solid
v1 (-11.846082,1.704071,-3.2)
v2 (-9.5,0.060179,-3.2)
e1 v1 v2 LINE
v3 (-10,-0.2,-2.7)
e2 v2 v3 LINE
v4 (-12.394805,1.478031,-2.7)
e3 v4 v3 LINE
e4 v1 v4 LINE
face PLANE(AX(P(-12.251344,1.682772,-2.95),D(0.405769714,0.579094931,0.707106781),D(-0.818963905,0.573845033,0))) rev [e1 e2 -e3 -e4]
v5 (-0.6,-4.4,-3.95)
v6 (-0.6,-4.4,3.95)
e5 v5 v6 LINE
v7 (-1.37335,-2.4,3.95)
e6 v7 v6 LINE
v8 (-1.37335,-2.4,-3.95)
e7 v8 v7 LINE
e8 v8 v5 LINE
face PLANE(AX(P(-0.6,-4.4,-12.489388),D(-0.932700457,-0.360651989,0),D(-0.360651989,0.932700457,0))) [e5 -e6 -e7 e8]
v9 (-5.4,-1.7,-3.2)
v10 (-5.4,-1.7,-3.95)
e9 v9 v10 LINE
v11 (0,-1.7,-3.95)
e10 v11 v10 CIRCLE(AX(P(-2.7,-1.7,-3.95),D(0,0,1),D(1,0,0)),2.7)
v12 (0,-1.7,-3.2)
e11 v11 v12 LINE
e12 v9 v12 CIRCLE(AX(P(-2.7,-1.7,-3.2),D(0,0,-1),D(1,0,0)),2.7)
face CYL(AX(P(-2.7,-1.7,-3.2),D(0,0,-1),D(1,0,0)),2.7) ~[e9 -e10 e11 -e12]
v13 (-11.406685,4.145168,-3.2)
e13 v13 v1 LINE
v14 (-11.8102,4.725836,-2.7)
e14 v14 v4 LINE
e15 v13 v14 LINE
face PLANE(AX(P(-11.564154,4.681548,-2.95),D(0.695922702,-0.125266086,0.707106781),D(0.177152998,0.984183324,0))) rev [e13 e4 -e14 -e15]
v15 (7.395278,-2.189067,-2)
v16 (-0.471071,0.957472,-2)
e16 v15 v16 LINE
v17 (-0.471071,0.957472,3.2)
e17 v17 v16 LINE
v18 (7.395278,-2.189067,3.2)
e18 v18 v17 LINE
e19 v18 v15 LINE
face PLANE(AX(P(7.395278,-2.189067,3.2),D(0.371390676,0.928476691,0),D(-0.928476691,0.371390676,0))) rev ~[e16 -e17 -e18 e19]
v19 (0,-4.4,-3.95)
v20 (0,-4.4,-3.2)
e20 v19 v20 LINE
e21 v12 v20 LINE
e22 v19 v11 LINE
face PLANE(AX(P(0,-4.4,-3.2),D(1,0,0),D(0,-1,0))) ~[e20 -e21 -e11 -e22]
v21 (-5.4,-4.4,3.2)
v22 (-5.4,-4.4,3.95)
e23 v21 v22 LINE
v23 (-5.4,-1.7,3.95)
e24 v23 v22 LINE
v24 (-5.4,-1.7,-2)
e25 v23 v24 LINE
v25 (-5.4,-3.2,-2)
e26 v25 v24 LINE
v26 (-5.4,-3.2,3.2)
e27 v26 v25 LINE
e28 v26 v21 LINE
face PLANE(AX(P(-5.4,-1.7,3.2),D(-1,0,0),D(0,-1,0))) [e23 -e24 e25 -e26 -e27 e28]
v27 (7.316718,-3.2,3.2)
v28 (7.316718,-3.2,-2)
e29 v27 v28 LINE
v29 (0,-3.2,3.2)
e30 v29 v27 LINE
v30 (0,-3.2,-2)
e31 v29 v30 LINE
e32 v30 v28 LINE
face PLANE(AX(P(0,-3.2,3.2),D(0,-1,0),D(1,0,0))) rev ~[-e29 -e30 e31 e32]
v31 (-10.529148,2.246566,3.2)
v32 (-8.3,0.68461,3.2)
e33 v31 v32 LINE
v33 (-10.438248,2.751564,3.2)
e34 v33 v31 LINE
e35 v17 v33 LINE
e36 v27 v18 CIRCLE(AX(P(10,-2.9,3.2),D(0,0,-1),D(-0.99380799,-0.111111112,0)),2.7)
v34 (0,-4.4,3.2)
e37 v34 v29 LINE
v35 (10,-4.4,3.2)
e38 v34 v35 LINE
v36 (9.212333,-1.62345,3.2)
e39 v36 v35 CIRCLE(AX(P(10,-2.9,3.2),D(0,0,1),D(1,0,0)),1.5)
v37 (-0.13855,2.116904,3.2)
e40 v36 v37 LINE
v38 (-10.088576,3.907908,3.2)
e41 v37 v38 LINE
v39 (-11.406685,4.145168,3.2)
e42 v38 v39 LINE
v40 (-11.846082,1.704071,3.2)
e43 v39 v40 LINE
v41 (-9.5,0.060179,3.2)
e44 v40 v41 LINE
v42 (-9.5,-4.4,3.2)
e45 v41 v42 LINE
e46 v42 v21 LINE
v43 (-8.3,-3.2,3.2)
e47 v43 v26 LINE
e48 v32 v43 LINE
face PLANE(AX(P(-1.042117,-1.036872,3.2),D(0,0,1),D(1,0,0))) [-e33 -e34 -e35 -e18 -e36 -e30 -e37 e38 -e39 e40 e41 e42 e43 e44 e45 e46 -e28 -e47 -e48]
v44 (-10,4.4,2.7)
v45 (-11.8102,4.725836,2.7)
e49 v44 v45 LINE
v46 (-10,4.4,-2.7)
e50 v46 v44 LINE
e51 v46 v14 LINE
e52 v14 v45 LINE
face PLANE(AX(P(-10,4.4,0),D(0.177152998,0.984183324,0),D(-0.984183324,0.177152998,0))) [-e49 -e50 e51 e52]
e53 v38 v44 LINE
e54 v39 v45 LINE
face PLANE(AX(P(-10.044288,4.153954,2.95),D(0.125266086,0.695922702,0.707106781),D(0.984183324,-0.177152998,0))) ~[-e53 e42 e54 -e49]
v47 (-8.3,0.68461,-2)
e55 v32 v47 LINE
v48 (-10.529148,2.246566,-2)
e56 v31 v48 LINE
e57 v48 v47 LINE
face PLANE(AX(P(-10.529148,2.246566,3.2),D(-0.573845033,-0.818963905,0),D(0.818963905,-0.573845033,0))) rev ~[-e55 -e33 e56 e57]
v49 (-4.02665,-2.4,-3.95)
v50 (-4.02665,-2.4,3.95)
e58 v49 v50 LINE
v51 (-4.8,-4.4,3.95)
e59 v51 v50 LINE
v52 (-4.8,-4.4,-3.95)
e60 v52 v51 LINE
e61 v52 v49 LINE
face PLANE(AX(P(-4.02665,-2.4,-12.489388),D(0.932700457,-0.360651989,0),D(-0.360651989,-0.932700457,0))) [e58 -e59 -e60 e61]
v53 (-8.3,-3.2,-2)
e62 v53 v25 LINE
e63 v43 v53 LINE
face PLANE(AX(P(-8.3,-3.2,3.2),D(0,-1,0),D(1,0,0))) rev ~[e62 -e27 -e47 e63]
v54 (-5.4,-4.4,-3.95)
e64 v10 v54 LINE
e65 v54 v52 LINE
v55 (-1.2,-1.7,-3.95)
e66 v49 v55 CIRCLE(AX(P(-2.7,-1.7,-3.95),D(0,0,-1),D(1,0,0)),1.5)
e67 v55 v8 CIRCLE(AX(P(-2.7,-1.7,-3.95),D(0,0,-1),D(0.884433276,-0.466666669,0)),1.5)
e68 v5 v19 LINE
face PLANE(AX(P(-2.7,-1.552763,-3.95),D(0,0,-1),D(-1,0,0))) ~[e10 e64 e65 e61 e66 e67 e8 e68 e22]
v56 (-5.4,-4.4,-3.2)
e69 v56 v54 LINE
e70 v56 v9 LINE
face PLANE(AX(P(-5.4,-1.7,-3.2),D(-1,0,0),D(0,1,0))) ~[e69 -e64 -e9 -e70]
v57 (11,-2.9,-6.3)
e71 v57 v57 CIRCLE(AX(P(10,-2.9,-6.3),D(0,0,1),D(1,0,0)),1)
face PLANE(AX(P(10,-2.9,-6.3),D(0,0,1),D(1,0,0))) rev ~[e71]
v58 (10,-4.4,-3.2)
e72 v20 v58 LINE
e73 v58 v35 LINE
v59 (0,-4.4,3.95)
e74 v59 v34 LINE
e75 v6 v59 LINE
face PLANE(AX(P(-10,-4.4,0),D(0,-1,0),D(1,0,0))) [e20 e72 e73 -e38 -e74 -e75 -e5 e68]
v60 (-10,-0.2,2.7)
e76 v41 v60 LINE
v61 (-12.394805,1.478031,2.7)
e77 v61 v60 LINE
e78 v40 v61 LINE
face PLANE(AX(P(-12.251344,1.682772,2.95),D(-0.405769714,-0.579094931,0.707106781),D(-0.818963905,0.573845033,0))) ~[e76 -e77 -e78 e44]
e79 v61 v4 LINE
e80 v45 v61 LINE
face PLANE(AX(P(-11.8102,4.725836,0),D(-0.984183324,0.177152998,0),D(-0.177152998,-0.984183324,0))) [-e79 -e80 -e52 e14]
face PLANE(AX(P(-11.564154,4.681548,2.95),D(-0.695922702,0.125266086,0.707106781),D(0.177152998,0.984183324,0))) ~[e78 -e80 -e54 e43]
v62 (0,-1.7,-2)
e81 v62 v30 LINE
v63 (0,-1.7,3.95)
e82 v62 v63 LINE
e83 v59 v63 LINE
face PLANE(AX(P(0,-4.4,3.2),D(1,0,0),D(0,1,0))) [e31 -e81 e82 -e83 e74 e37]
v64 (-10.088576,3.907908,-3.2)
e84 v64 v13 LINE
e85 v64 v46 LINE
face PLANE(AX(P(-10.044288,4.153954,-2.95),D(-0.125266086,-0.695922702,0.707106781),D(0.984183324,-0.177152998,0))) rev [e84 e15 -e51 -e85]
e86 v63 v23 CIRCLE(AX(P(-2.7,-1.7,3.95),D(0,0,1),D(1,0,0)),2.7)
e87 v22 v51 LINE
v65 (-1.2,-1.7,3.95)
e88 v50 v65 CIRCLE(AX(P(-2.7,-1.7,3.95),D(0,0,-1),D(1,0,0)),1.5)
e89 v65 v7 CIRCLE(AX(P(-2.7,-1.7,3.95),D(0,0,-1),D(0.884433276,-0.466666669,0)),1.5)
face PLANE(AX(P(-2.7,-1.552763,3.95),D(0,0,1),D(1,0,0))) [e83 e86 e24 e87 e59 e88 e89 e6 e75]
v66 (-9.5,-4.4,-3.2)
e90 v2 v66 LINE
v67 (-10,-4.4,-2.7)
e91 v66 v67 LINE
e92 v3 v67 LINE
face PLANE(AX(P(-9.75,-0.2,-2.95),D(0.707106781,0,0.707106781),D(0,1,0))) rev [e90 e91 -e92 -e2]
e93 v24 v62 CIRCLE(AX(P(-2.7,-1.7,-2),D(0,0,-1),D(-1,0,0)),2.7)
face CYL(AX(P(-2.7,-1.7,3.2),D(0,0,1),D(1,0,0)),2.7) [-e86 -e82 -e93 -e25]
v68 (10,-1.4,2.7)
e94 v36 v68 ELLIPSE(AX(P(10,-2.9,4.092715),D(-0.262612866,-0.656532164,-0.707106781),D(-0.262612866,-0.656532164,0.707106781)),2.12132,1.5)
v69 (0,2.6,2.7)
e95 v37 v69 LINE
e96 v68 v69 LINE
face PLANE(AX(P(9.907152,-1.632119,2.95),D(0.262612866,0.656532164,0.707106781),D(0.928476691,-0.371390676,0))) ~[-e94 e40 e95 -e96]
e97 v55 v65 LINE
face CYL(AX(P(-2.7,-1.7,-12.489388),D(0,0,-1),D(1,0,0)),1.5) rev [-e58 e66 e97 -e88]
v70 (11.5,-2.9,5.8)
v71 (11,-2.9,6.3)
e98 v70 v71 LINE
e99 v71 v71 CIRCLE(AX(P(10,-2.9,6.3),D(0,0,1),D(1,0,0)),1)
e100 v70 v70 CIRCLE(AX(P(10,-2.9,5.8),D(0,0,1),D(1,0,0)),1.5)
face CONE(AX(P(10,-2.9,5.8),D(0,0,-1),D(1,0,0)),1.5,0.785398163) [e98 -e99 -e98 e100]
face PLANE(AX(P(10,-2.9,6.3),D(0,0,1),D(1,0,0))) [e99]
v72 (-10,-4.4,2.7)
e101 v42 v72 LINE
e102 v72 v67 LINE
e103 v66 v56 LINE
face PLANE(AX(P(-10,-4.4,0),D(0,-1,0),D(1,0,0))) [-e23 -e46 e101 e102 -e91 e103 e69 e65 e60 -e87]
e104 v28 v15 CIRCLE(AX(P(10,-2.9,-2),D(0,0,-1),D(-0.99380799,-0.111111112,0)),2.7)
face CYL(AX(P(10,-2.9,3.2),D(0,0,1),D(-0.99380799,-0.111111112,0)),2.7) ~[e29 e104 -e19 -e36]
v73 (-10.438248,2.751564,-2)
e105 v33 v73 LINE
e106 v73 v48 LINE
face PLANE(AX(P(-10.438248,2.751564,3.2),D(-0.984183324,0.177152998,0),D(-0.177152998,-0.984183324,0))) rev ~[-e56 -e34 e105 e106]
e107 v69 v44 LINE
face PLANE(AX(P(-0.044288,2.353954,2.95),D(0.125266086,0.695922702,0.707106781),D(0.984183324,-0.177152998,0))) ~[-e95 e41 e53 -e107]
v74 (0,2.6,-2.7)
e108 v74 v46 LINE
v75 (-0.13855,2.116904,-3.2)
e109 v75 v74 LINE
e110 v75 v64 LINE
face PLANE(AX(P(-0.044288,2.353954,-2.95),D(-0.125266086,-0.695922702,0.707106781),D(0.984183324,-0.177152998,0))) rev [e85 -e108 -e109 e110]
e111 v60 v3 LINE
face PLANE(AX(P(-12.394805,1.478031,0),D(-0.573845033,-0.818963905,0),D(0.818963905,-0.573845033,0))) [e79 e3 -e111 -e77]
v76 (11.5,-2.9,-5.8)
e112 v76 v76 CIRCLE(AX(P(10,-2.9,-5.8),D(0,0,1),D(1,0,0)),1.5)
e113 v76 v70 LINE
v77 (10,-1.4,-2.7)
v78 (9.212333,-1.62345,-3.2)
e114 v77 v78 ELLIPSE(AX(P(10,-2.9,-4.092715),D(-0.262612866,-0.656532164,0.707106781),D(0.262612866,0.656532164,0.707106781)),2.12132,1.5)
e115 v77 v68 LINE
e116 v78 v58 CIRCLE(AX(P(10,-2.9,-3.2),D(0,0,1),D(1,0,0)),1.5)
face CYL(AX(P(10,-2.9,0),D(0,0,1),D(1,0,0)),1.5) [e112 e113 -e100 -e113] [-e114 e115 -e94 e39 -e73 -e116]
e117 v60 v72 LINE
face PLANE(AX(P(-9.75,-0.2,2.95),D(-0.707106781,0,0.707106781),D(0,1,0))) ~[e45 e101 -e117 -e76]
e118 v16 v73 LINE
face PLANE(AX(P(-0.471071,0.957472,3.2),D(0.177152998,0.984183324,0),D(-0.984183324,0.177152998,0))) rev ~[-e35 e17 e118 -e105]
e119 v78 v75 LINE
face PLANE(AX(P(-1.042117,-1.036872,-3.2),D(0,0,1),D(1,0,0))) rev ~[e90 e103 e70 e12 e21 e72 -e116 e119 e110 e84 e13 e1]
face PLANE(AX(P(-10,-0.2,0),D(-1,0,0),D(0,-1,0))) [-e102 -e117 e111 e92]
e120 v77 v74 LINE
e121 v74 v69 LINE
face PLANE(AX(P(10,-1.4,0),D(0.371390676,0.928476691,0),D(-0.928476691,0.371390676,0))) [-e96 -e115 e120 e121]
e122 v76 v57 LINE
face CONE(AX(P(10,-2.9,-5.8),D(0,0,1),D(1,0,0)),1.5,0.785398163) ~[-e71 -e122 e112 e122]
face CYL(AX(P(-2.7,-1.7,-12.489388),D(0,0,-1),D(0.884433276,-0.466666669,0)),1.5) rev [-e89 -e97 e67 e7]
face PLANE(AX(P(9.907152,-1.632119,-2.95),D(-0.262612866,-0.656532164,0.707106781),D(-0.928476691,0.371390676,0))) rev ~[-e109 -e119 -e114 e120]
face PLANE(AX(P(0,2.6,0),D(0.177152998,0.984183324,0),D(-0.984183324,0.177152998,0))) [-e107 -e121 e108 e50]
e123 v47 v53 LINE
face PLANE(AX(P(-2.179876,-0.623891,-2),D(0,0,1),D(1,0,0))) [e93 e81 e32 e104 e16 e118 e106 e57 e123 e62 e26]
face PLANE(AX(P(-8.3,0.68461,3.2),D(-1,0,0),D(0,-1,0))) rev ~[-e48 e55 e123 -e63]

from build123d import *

# Parameters (mm, degrees)
BOSS_EXTRUDE1_DEPTH     = 3.2
BOSS_EXTRUDE2_DEPTH     = 0.75
CUT_EXTRUDE1_DEPTH      = 16.439388307
CUT_EXTRUDE1_DEPTH_BACK = 16.439388307
SKETCH4_R               = 1.5
BOSS_EXTRUDE3_DEPTH     = 6.3
CHAMFER1_SIZE           = 0.5
CHAMFER2_SIZE           = 0.5
CUT_EXTRUDE2_DEPTH      = 5.2


with BuildPart() as part:
    # Sketch1 → Boss-Extrude1 (new, symmetric)
    with BuildSketch(Plane.XY):
        Polygon((-10, -4.4), (10, -4.4), (10, -1.4), (0, 2.6), (-10, 4.4), (-10, -0.2), align=None)
        Polygon((-12.394804782, 1.478031011), (-10, -0.2), (-10, 4.4), (-11.810199888, 4.72583598), align=None)
    extrude(amount=BOSS_EXTRUDE1_DEPTH, both=True)

    # Sketch2 → Boss-Extrude2 (add, symmetric)
    with BuildSketch(Plane.XY.offset(3.2)):
        with BuildLine():
            ThreePointArc((0, -1.7), (-2.7, 1), (-5.4, -1.7))
            Line((-5.4, -1.7), (-2.7, -4.4))
            Line((-2.7, -4.4), (0, -1.7))
        make_face()
        with BuildLine():
            Line((-2.7, -4.4), (-5.4, -1.7))
            ThreePointArc((-5.4, -1.7), (-4.609188309, -3.609188309), (-2.7, -4.4))
        make_face()
        with BuildLine():
            Line((0, -1.7), (-2.7, -4.4))
            ThreePointArc((-2.7, -4.4), (-0.790811691, -3.609188309), (0, -1.7))
        make_face()
        with BuildLine():
            ThreePointArc((0, -1.7), (-0.790811691, -3.609188309), (-2.7, -4.4))
            Line((-2.7, -4.4), (0, -4.4))
            Line((0, -4.4), (0, -1.7))
        make_face()
        with BuildLine():
            ThreePointArc((-2.7, -4.4), (-4.609188309, -3.609188309), (-5.4, -1.7))
            Line((-5.4, -1.7), (-5.4, -4.4))
            Line((-5.4, -4.4), (-2.7, -4.4))
        make_face()
    boss_extrude2 = extrude(amount=BOSS_EXTRUDE2_DEPTH, both=True)

    # Mirror1: Boss-Extrude2 across plane
    add(boss_extrude2.mirror(Plane.XY))

    # Sketch3 → Cut-Extrude1 (cut, two sides: drawn at the far end of the back side and taken through both)
    with BuildSketch(Plane.XY.offset(3.95).offset(-CUT_EXTRUDE1_DEPTH_BACK)):
        with BuildLine():
            ThreePointArc((-1.2, -1.7), (-3.060572549, -0.243982336), (-4.026649916, -2.4))
            Line((-4.026649916, -2.4), (-1.373350084, -2.4))
            ThreePointArc((-1.373350084, -2.4), (-1.243982336, -2.060572549), (-1.2, -1.7))
        make_face()
        with BuildLine():
            Line((-1.373350084, -2.4), (-4.026649916, -2.4))
            ThreePointArc((-4.026649916, -2.4), (-2.7, -3.2), (-1.373350084, -2.4))
        make_face()
        with BuildLine():
            Line((-4.026649916, -2.4), (-4.8, -4.4))
            Line((-4.8, -4.4), (-0.6, -4.4))
            Line((-0.6, -4.4), (-1.373350084, -2.4))
            ThreePointArc((-1.373350084, -2.4), (-2.7, -3.2), (-4.026649916, -2.4))
        make_face()
    extrude(amount=CUT_EXTRUDE1_DEPTH + CUT_EXTRUDE1_DEPTH_BACK, mode=Mode.SUBTRACT)

    # Sketch4 → Boss-Extrude3 (add, symmetric)
    with BuildSketch(Plane.XY):
        with Locations((10, -2.9)):
            Circle(SKETCH4_R)
    extrude(amount=BOSS_EXTRUDE3_DEPTH, both=True)

    # Chamfer1
    chamfer1_edges = [part.edges().sort_by_distance(p)[0] for p in [
        (8.5, -2.9, -6.3),
        (8.5, -2.9, 6.3),
    ]]
    chamfer(chamfer1_edges, length=CHAMFER1_SIZE)

    # Chamfer2
    chamfer2_edges = [part.edges().sort_by_distance(p)[0] for p in [
        (-5.905099944, 3.66291799, 3.2),
        (-11.197402391, 0.639015505, -3.2),
        (-12.102502335, 3.101933495, -3.2),
        (-5.905099944, 3.66291799, -3.2),
        (5, 0.6, -3.2),
        (-12.102502335, 3.101933495, 3.2),
        (-11.197402391, 0.639015505, 3.2),
        (-10, -2.3, 3.2),
        (5, 0.6, 3.2),
        (-10, -2.3, -3.2),
    ]]
    chamfer(chamfer2_edges, length=CHAMFER2_SIZE)

    # Sketch5 → Cut-Extrude2 (cut)
    with BuildSketch(Plane.XY.offset(3.2)):
        with BuildLine():
            Line((-10.438248334, 2.751564232), (-10.529148071, 2.246565691))
            Line((-10.529148071, 2.246565691), (-8.3, 0.684609736))
            Line((-8.3, 0.684609736), (-8.3, -3.2))
            Line((-8.3, -3.2), (-5.4, -3.2))
            Line((-5.4, -3.2), (-5.4, -1.7))
            ThreePointArc((-5.4, -1.7), (-2.7, 1), (0, -1.7))
            Line((0, -1.7), (0, -3.2))
            Line((0, -3.2), (7.316718427, -3.2))
            ThreePointArc((7.316718427, -3.2), (7.308115775, -2.690812714), (7.395278362, -2.189067379))
            Line((7.395278362, -2.189067379), (-0.471070755, 0.957472268))
            Line((-0.471070755, 0.957472268), (-10.438248334, 2.751564232))
        make_face()
    extrude(amount=-CUT_EXTRUDE2_DEPTH, mode=Mode.SUBTRACT)


solid = part.part
